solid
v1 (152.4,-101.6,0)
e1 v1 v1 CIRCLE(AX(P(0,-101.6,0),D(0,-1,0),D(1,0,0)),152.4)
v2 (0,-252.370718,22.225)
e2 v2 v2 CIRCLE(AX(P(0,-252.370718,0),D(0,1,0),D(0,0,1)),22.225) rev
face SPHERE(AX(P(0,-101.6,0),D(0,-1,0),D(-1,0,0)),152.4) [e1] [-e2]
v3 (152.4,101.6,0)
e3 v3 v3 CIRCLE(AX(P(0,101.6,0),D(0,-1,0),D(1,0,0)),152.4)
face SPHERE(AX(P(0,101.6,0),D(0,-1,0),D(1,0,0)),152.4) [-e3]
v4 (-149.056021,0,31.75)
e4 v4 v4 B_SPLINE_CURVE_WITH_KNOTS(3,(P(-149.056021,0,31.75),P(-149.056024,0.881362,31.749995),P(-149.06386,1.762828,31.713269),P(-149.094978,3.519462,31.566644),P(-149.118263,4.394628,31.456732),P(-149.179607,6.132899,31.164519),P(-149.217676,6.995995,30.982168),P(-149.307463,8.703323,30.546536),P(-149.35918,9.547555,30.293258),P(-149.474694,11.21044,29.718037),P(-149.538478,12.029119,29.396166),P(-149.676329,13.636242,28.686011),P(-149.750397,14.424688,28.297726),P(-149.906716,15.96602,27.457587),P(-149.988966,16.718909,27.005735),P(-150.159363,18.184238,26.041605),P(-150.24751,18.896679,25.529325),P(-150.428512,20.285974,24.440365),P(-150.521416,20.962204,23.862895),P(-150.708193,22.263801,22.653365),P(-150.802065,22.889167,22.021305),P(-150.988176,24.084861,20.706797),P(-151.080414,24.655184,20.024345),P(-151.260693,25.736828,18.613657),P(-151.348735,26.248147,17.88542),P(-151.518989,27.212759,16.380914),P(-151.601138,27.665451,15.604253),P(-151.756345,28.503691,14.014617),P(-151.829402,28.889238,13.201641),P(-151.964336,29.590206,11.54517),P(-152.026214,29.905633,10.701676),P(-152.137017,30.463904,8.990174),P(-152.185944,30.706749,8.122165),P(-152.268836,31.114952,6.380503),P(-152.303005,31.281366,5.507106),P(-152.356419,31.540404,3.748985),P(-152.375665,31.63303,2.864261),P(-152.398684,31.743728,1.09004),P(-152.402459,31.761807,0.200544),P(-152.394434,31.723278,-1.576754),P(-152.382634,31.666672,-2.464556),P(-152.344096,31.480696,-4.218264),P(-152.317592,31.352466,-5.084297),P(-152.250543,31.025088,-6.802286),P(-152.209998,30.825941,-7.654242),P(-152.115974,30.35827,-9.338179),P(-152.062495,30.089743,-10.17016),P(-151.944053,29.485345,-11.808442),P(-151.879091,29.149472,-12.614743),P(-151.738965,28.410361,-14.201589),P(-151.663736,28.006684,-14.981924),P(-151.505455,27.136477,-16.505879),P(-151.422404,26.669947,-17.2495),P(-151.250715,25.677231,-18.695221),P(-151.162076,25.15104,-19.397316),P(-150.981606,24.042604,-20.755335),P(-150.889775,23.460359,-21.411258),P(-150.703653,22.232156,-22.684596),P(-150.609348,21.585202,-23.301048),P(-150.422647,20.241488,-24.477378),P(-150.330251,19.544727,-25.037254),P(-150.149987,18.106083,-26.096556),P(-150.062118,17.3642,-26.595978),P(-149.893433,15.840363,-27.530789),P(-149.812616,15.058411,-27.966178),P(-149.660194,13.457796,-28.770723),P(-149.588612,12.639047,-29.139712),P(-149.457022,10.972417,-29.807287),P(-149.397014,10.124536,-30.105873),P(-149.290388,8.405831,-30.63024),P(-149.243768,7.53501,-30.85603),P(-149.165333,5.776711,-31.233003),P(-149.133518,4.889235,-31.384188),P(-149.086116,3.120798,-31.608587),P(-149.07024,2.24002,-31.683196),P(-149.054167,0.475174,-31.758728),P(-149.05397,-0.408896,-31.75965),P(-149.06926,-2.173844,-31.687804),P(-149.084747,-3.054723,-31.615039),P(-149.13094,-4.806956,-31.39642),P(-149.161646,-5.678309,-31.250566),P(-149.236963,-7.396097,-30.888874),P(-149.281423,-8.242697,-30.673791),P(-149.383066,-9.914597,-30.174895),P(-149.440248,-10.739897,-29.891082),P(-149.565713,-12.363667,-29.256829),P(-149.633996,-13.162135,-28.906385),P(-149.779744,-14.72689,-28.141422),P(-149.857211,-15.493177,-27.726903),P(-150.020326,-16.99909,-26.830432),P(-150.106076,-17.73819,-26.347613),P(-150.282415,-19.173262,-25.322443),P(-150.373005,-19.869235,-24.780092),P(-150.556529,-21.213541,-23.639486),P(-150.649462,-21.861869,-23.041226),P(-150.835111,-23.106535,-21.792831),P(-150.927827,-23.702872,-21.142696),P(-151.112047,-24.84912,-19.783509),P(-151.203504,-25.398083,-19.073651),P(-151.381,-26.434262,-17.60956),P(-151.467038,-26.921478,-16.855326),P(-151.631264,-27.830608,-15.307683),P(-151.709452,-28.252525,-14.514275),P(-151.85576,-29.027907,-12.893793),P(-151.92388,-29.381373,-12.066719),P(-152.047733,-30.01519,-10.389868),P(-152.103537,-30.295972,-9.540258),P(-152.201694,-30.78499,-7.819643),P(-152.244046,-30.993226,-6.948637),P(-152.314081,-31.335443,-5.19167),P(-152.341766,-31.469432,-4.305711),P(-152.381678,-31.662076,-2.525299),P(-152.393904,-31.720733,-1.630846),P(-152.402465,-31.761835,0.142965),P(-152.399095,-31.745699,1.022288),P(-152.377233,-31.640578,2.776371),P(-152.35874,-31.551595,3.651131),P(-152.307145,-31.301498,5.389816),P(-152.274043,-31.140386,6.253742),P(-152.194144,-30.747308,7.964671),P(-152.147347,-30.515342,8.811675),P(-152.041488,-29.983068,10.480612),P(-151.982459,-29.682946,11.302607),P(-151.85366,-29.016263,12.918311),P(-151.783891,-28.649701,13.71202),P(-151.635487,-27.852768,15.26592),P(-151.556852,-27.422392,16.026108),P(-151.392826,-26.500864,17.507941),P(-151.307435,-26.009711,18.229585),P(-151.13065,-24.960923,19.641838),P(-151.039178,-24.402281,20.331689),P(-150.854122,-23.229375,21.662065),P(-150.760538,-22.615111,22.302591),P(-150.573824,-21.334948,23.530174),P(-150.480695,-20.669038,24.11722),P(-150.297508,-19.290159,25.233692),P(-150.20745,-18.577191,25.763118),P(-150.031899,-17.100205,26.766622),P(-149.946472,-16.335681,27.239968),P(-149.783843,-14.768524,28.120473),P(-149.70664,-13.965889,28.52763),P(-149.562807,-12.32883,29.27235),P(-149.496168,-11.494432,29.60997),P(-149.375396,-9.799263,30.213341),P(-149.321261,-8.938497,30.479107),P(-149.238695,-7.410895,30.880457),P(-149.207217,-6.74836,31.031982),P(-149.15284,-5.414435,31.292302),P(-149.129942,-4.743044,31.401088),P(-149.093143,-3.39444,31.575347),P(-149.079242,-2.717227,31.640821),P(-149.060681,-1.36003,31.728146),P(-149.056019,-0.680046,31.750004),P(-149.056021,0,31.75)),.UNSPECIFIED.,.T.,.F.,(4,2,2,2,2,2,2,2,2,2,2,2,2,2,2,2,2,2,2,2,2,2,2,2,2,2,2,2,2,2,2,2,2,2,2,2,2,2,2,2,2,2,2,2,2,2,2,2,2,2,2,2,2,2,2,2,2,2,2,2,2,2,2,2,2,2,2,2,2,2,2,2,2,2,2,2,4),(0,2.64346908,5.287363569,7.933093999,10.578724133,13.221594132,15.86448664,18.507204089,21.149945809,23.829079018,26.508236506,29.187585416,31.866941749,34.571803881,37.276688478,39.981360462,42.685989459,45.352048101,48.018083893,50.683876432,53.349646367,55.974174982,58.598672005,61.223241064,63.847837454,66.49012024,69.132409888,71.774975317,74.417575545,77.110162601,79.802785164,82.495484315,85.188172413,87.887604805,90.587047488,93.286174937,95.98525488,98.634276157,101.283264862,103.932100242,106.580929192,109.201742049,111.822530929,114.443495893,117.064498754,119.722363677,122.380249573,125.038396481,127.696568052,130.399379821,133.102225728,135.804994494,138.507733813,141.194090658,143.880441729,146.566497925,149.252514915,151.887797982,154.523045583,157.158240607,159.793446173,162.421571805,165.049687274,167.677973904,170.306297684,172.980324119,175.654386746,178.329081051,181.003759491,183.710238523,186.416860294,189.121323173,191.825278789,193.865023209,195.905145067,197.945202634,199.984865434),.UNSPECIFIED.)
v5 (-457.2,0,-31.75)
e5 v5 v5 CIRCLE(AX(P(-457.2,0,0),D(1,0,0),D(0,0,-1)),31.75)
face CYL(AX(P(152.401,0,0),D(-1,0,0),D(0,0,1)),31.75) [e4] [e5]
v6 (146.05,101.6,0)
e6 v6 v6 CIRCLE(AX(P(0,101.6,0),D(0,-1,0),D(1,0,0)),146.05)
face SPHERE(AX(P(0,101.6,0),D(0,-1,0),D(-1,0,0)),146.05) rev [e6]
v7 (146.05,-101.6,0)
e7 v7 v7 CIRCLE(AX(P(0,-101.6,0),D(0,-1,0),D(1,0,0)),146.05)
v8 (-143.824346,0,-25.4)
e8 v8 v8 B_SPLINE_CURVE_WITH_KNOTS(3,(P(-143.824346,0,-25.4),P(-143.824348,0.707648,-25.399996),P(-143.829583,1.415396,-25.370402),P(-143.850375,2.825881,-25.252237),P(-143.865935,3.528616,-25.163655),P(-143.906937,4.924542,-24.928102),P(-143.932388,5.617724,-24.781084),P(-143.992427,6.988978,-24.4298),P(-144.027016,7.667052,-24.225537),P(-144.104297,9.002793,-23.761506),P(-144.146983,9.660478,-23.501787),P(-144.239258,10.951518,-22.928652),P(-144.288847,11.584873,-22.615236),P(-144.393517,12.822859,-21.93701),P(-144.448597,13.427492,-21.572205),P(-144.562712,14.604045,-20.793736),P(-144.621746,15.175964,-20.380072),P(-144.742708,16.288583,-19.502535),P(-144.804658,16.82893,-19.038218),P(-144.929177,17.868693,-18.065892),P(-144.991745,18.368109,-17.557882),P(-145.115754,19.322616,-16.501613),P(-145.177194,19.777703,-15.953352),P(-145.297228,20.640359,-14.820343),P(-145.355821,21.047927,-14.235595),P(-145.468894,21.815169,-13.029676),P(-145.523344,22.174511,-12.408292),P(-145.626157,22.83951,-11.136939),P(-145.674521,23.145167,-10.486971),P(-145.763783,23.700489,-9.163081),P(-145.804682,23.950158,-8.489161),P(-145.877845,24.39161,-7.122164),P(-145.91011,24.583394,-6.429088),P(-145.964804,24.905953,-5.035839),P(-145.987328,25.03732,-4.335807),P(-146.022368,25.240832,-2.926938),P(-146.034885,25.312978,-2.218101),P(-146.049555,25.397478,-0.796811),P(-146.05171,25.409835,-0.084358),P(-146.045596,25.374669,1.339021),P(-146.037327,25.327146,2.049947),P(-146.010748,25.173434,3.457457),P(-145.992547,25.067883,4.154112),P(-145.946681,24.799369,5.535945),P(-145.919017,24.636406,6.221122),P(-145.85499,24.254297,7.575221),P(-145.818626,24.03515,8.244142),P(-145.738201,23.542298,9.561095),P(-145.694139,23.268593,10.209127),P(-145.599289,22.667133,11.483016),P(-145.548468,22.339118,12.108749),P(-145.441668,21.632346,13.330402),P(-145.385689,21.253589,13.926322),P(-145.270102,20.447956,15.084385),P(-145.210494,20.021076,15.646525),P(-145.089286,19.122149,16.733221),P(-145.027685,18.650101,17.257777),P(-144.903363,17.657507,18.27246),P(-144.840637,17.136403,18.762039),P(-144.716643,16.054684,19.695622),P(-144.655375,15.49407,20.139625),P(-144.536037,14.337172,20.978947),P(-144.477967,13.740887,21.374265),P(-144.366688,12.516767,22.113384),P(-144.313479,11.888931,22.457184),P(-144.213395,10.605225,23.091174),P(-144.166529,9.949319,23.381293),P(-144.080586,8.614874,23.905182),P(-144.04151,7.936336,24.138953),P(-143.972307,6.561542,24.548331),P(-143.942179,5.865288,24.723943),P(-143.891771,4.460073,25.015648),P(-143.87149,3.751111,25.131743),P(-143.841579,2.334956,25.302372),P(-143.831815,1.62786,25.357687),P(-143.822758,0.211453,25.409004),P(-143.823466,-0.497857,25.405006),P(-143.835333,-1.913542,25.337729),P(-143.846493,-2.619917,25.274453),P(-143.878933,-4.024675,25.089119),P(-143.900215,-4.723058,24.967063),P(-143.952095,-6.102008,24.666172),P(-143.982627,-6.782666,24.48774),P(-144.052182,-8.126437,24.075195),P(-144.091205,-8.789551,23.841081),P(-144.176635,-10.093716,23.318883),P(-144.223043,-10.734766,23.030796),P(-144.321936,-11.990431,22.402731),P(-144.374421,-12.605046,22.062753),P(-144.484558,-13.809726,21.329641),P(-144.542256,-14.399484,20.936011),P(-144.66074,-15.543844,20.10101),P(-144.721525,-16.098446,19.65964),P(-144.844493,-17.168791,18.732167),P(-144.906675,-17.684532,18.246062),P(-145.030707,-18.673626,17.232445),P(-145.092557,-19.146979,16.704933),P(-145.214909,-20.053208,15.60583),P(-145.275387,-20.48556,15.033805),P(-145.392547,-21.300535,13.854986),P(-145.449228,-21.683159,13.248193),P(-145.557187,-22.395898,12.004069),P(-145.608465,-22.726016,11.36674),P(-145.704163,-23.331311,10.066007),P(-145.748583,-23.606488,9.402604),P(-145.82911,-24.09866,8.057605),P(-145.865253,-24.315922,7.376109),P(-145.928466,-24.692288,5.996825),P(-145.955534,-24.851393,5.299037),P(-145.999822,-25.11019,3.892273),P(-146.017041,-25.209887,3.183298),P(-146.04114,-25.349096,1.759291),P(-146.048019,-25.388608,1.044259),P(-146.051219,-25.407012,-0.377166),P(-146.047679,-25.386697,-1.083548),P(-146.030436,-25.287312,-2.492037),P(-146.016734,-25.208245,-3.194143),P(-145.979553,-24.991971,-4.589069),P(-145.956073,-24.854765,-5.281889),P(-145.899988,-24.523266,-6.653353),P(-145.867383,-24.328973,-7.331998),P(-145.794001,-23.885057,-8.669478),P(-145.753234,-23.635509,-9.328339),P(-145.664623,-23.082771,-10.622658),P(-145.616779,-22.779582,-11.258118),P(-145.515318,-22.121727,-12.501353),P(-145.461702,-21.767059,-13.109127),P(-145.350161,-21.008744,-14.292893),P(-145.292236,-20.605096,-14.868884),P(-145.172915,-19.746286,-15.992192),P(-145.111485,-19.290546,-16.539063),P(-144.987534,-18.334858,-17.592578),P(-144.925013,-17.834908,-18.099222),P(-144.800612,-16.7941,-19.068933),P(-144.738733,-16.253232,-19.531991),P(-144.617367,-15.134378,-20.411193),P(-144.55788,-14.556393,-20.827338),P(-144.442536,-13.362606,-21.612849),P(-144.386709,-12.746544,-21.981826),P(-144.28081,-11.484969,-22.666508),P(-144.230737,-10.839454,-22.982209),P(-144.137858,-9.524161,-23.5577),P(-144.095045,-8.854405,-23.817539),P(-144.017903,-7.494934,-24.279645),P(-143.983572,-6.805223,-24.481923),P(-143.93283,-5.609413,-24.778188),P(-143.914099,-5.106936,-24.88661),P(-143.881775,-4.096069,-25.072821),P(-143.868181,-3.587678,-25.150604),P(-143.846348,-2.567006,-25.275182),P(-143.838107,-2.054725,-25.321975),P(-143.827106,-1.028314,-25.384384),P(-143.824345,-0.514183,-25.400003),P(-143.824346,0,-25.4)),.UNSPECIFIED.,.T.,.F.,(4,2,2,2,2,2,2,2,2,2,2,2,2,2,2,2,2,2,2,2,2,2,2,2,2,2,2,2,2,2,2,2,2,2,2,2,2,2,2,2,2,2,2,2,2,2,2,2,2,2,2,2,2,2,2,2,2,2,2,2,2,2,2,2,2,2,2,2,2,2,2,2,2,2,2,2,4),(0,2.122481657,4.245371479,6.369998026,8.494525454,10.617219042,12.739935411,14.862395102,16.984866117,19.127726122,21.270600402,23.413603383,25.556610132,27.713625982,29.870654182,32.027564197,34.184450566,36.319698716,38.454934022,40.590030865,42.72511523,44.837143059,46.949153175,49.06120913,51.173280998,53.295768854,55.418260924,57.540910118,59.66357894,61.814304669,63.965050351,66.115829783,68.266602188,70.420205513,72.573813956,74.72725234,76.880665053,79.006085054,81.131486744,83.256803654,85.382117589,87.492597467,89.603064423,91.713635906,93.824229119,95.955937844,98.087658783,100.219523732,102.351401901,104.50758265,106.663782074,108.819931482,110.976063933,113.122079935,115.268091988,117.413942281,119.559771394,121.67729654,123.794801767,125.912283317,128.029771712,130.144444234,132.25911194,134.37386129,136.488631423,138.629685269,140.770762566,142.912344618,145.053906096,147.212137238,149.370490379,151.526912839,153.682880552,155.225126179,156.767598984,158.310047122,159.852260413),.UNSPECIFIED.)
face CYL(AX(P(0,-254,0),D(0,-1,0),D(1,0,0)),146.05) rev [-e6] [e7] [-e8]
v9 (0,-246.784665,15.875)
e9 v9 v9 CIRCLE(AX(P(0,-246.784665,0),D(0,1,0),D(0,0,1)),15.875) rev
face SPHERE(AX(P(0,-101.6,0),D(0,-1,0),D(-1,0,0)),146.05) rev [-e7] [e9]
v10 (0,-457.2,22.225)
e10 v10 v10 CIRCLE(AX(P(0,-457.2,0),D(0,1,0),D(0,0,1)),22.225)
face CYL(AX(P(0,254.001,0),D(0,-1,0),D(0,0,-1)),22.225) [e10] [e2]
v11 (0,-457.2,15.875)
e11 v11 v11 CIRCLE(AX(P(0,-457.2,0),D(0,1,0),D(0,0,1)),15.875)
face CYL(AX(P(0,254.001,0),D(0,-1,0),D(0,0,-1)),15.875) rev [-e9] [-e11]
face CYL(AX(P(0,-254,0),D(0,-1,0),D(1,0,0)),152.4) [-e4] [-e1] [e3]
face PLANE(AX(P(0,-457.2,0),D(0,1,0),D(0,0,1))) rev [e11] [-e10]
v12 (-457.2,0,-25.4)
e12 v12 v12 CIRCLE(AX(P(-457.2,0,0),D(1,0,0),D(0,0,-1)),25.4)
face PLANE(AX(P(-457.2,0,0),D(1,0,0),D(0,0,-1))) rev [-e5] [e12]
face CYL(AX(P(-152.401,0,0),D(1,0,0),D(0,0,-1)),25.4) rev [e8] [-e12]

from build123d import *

# Parameters (mm, degrees)
CUT_EXTRUDE1_REACH       = 154.4
CUT_EXTRUDE1_END_RADIUS  = 152.4
SKETCH2_R                = 25.4
BOSS_EXTRUDE3_REACH      = 611.6
BOSS_EXTRUDE3_END_RADIUS = 152.4
SKETCH4_R                = 31.75
SKETCH4_R_2              = 25.4
CUT_EXTRUDE2_REACH       = 713.2
CUT_EXTRUDE2_END_RADIUS  = 146.05
SKETCH5_R                = 15.875
BOSS_EXTRUDE4_REACH      = 713.2
BOSS_EXTRUDE4_END_RADIUS = 152.4
SKETCH6_R                = 22.225
SKETCH6_R_2              = 15.875


with BuildPart() as part:
    # Sketch1 → Revolve1 (revolve)
    with BuildSketch(Plane.XY, mode=Mode.PRIVATE) as revolve1_sk:
        with BuildLine():
            Line((-152.4, 101.6), (-152.4, -101.6))
            ThreePointArc((-152.4, -101.6), (-107.763073453, -209.363073453), (0, -254))
            Line((0, -254), (0, -247.65))
            ThreePointArc((0, -247.65), (-103.272945392, -204.872945392), (-146.05, -101.6))
            Line((-146.05, -101.6), (-146.05, 101.6))
            ThreePointArc((-146.05, 101.6), (-103.272945392, 204.872945392), (0, 247.65))
            Line((0, 247.65), (0, 254))
            ThreePointArc((0, 254), (-107.763073453, 209.363073453), (-152.4, 101.6))
        make_face()
    revolve(revolve1_sk.sketch.rotate(Axis((0, -254, 0), (0, 1, 0)), 180), axis=Axis((0, -254, 0), (0, 1, 0)))  # turned: the seam where the file's is

    # Cut-Extrude1: up to this cylinder (the profile starts inside it)
    cut_extrude1_end = Plane(origin=(0, 0, 0), z_dir=(0, -1, 0)) * Cylinder(CUT_EXTRUDE1_END_RADIUS, 614.6, mode=Mode.PRIVATE)
    # Sketch2 → Cut-Extrude1 (cut, up to the surface)
    with BuildSketch(Plane(origin=(0, 0, 0), x_dir=(0, 0, -1), z_dir=(1, 0, 0)), mode=Mode.PRIVATE) as cut_extrude1_sk1:
        Circle(SKETCH2_R)
    cut_extrude1_tool1 = extrude(cut_extrude1_sk1.sketch, amount=-CUT_EXTRUDE1_REACH, mode=Mode.PRIVATE) & cut_extrude1_end
    add(cut_extrude1_tool1.solids().sort_by_distance((0, 0, 0))[0], mode=Mode.SUBTRACT)

    # Boss-Extrude3: up to this cylinder (the profile starts outside it)
    boss_extrude3_end = Plane(origin=(0, 0, 0), z_dir=(0, -1, 0)) * Cylinder(BOSS_EXTRUDE3_END_RADIUS, 1529, mode=Mode.PRIVATE)
    # Sketch4 → Boss-Extrude3 (add, up to the surface)
    with BuildSketch(Plane(origin=(-457.2, 0, 0), x_dir=(0, 0, -1), z_dir=(1, 0, 0)), mode=Mode.PRIVATE) as boss_extrude3_sk1:
        with Locations(Location((0, 0, 0), (0, 0, 180))):  # turned: the seam where the file's is
            Circle(SKETCH4_R)
        Circle(SKETCH4_R_2, mode=Mode.SUBTRACT)
    boss_extrude3_tool1 = extrude(boss_extrude3_sk1.sketch, amount=BOSS_EXTRUDE3_REACH, mode=Mode.PRIVATE) - boss_extrude3_end
    add(boss_extrude3_tool1.solids().sort_by_distance((-457.2, 0, -30.851974))[0])

    # Cut-Extrude2: up to this sphere (the profile starts outside it)
    cut_extrude2_end = Location((0, -101.6, 0)) * Sphere(CUT_EXTRUDE2_END_RADIUS, mode=Mode.PRIVATE)
    # Sketch5 → Cut-Extrude2 (cut, up to the surface)
    with BuildSketch(Plane(origin=(0, -457.2, 0), x_dir=(1, 0, 0), z_dir=(0, 1, 0)), mode=Mode.PRIVATE) as cut_extrude2_sk1:
        with Locations(Location((0, 0, 0), (0, 0, 270))):  # turned: the seam where the file's is
            Circle(SKETCH5_R)
    cut_extrude2_tool1 = extrude(cut_extrude2_sk1.sketch, amount=CUT_EXTRUDE2_REACH, mode=Mode.PRIVATE) - cut_extrude2_end
    add(cut_extrude2_tool1.solids().sort_by_distance((0, -457.2, 0))[0], mode=Mode.SUBTRACT)

    # Boss-Extrude4: up to this sphere (the profile starts outside it)
    boss_extrude4_end = Location((0, -101.6, 0)) * Sphere(BOSS_EXTRUDE4_END_RADIUS, mode=Mode.PRIVATE)
    # Sketch6 → Boss-Extrude4 (add, up to the surface)
    with BuildSketch(Plane(origin=(0, -457.2, 0), x_dir=(1, 0, 0), z_dir=(0, 1, 0)), mode=Mode.PRIVATE) as boss_extrude4_sk1:
        with Locations(Location((0, 0, 0), (0, 0, 270))):  # turned: the seam where the file's is
            Circle(SKETCH6_R)
        with Locations(Location((0, 0, 0), (0, 0, 270))):  # turned: the seam where the file's is
            Circle(SKETCH6_R_2, mode=Mode.SUBTRACT)
    boss_extrude4_tool1 = extrude(boss_extrude4_sk1.sketch, amount=BOSS_EXTRUDE4_REACH, mode=Mode.PRIVATE) - boss_extrude4_end
    add(boss_extrude4_tool1.solids().sort_by_distance((0, -457.2, -21.596382))[0])


solid = part.part
